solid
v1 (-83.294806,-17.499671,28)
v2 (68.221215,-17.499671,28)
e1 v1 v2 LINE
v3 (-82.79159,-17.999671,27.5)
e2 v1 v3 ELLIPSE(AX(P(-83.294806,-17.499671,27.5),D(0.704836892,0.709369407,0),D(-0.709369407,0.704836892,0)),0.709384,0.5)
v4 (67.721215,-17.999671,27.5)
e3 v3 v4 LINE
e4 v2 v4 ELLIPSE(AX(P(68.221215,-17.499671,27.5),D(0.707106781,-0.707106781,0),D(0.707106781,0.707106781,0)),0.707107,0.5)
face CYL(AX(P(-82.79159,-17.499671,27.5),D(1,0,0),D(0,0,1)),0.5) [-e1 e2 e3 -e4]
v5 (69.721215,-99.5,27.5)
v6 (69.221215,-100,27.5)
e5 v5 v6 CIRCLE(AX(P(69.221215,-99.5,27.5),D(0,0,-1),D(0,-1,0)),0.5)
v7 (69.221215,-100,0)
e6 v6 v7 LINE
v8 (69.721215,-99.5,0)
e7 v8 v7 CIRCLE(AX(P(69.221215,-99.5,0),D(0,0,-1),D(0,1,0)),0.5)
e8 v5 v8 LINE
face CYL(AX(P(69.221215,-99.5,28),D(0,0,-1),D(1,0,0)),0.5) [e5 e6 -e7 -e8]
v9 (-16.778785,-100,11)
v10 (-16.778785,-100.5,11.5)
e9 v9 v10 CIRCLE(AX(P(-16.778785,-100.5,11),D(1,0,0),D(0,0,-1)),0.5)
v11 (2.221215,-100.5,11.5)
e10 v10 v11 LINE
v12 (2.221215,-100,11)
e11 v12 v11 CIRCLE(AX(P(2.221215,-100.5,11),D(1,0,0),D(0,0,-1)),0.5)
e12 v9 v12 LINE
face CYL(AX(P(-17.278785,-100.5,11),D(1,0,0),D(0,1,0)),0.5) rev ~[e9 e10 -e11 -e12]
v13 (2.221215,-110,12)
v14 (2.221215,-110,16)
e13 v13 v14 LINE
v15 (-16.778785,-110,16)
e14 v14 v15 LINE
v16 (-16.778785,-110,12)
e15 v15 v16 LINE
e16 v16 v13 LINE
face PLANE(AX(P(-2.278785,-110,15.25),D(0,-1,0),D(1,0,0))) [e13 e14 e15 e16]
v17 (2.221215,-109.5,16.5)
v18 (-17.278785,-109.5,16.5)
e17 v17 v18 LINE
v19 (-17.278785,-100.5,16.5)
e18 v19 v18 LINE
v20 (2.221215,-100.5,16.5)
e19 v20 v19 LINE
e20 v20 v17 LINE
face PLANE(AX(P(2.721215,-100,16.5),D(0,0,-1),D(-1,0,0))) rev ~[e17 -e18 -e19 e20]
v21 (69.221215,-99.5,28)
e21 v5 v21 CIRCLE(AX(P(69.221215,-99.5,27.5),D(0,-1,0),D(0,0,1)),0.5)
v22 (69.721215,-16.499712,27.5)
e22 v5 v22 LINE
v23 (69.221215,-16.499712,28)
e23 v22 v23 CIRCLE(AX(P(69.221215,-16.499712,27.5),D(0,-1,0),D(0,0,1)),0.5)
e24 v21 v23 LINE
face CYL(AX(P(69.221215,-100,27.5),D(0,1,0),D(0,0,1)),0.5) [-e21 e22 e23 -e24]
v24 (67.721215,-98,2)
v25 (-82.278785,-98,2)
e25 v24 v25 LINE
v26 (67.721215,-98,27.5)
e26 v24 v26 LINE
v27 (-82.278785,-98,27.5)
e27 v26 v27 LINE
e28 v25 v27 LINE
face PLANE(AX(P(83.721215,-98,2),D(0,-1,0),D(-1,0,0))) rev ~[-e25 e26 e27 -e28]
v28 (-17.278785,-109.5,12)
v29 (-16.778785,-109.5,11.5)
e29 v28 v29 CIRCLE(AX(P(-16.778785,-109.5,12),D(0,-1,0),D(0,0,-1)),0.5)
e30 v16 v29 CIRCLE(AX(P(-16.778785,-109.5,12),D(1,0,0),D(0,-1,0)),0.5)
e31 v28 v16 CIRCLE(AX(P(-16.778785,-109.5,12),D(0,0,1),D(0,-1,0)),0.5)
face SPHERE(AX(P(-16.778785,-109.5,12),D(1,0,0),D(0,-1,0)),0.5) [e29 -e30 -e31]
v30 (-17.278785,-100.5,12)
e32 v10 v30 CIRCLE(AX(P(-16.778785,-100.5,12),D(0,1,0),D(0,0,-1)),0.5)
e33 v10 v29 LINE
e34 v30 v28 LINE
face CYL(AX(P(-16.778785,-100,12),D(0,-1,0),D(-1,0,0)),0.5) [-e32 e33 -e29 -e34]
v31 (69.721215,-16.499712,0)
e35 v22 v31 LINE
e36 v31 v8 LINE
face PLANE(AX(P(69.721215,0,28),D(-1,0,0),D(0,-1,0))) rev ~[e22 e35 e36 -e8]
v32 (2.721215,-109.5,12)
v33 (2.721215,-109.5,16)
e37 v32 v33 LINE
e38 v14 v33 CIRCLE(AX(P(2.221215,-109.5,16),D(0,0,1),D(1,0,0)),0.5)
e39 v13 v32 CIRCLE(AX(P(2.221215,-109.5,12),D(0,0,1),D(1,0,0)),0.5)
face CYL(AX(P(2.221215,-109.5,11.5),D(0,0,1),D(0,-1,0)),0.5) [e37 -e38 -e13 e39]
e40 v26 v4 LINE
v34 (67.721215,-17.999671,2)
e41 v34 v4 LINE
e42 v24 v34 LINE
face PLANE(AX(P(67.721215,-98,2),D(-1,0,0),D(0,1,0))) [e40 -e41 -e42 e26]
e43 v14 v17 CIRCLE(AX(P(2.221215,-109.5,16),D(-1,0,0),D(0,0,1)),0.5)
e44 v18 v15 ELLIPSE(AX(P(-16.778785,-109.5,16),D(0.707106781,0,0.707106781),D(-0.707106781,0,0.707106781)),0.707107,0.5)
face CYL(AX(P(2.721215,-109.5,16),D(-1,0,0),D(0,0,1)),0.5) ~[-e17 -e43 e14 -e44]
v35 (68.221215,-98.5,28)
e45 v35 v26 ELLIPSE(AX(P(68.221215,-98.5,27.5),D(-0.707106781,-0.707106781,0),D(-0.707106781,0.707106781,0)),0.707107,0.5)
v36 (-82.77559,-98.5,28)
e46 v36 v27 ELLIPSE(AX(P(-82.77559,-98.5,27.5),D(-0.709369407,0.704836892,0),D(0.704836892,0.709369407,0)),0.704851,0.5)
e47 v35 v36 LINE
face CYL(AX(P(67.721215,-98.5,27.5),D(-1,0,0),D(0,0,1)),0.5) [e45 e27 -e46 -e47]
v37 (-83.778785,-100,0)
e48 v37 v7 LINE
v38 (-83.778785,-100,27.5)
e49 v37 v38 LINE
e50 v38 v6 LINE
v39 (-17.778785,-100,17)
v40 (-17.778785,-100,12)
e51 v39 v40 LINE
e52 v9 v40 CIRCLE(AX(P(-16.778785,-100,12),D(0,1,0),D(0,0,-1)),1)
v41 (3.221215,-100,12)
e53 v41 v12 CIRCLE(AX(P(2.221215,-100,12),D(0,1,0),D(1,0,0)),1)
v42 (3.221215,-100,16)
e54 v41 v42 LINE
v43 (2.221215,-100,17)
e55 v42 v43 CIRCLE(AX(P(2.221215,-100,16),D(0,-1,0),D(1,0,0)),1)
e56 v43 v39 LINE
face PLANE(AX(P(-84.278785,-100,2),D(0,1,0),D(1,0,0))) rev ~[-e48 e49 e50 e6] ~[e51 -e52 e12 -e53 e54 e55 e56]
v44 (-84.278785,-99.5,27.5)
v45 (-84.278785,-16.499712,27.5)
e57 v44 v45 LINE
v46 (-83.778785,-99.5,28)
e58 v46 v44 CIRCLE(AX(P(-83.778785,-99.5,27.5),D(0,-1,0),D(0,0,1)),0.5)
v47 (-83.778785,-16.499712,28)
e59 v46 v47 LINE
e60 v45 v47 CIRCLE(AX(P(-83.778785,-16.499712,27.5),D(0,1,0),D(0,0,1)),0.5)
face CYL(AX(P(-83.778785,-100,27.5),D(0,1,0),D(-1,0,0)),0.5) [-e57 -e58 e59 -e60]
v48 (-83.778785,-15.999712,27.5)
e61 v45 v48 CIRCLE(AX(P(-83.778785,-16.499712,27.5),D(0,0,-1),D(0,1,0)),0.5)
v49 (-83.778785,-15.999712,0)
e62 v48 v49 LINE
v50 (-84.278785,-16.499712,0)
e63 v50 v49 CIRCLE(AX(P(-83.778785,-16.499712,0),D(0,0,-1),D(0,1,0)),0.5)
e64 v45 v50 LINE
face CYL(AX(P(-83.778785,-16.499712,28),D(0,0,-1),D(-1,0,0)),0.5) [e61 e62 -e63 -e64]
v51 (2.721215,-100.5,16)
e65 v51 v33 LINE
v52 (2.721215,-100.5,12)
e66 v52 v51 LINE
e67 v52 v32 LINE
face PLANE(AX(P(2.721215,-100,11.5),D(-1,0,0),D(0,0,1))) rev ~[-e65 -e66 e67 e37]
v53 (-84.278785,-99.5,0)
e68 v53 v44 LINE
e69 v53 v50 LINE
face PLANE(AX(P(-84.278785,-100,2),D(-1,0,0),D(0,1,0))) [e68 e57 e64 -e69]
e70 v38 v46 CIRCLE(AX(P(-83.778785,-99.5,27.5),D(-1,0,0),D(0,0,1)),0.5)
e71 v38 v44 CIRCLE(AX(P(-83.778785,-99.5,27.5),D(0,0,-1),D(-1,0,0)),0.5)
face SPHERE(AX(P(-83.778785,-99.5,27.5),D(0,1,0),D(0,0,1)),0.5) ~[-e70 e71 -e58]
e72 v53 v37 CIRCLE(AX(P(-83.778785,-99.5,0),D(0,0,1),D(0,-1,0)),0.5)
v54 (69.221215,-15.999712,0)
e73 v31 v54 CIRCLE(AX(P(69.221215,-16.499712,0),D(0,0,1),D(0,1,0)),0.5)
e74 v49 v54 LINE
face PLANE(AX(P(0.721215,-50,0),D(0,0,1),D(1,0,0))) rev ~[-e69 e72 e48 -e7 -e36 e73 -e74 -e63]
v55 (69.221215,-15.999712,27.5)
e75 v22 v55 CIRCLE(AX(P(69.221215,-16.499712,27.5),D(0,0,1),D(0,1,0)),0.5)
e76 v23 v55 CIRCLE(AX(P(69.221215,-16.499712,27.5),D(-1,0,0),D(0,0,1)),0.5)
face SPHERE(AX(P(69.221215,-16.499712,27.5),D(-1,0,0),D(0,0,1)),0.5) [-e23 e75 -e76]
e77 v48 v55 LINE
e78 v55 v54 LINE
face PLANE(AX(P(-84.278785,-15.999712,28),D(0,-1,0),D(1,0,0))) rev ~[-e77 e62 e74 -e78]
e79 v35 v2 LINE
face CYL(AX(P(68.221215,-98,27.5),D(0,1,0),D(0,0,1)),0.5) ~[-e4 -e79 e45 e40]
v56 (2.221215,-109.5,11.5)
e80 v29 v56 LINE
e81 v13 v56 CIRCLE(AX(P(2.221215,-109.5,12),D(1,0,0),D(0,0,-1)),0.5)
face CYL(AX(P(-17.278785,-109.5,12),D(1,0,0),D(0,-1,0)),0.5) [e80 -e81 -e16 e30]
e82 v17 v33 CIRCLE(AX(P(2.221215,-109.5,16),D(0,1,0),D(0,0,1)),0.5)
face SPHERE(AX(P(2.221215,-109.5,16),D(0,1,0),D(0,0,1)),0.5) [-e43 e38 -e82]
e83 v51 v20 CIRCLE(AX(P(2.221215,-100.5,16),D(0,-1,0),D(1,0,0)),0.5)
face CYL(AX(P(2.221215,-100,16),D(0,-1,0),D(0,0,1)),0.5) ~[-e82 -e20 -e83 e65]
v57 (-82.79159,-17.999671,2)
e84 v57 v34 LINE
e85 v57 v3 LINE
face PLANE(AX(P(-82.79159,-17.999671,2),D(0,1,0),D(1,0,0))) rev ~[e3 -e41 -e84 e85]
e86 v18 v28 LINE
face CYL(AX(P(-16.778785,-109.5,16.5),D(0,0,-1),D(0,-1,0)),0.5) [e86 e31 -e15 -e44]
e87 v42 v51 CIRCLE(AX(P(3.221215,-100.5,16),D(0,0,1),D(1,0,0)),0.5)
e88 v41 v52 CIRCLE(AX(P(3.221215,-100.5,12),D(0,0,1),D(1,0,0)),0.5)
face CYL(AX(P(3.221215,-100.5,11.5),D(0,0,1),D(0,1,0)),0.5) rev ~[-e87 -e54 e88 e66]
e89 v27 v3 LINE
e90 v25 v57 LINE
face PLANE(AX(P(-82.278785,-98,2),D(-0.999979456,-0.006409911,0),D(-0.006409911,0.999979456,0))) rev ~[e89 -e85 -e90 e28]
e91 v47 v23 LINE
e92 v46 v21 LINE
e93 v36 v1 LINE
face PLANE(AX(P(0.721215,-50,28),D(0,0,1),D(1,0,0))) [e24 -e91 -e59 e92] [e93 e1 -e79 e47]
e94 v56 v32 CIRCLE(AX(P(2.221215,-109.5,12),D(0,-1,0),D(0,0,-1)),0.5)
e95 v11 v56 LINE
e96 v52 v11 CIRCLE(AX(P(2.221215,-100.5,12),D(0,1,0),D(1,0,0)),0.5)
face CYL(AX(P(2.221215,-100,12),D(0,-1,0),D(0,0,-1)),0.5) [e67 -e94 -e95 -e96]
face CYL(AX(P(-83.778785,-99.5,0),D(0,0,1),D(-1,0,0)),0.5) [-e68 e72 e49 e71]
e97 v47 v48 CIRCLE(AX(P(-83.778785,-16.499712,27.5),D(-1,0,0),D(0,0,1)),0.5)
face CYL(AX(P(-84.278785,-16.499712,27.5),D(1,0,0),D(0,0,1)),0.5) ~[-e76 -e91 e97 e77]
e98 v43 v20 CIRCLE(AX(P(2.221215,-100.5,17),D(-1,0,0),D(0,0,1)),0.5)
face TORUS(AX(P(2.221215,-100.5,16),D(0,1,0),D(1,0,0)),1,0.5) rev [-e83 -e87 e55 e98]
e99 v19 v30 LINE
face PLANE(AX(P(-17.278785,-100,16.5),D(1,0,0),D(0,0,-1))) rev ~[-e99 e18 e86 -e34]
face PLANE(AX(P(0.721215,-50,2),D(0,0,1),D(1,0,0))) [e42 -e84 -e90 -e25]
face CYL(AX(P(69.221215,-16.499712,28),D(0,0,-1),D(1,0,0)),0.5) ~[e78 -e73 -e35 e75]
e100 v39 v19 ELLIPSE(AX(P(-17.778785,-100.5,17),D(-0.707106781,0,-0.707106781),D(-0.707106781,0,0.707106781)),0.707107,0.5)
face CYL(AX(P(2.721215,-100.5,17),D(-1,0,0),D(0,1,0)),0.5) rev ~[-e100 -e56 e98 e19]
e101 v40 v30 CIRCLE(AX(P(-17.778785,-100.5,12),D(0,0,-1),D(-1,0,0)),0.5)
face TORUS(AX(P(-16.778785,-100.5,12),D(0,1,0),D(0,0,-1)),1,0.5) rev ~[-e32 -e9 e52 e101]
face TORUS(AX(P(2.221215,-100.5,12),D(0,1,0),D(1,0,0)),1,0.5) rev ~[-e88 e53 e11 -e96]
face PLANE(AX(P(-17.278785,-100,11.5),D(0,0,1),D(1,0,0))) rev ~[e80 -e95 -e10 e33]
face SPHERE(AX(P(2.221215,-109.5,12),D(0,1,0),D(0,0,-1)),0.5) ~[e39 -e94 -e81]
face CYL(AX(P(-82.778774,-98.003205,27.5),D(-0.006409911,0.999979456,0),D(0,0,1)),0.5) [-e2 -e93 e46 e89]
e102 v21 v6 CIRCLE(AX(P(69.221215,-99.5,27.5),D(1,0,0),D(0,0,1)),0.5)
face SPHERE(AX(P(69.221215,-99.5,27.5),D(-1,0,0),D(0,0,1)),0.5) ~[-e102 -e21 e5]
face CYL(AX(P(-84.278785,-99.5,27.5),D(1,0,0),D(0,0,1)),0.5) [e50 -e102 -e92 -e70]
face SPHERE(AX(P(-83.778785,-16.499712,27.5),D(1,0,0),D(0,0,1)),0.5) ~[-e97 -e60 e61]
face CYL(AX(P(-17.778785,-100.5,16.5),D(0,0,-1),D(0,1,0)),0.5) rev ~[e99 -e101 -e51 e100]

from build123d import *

# Parameters (mm, degrees)
F0_W      = 170
F0_H      = 100
F1_DEPTH  = 2
F2_W      = 170
F2_H      = 100
F3_DEPTH  = 26
F4_W      = 2
F4_H      = 96
F5_DEPTH  = 26
F6_W      = 14
F6_H      = 96
F7_DEPTH  = 30
F8_W      = 10
F8_H      = 2.5
F9_DEPTH  = 10
F11_DEPTH = 26
F13_DEPTH = 30
F14_R     = 0.5


with BuildPart() as f1:
    # F0 (on Top) → F1 (new body)
    with BuildSketch(Plane.XY):
        with Locations((0.7212153077, -50)):
            Rectangle(F0_W, F0_H)
    extrude(amount=F1_DEPTH)

    # F2 (on face) → F3 (join)
    with BuildSketch(Plane.XY.offset(2)):
        with Locations((0.7212153077, -50)):
            Rectangle(F2_W, F2_H)
        Polygon((83.7212153077, -2), (83.7212153077, -98), (-82.2787846923, -98), (-82.8941488059, -2), align=None, mode=Mode.SUBTRACT)
    extrude(amount=F3_DEPTH)

    # F4 (on face) → F5 (join)
    with BuildSketch(Plane.XY.offset(2)):
        with Locations((68.7212153077, -50)):
            Rectangle(F4_W, F4_H)
    extrude(amount=F5_DEPTH)

    # F6 (on face) → F7 (cut)
    with BuildSketch(Plane.XY.offset(28)):
        with Locations((76.7212153077, -50)):
            Rectangle(F6_W, F6_H)
        Polygon((83.7212153077, -98), (69.7212153077, -98), (69.7212153077, -100), (85.7212153077, -100), (85.7212153077, 0), (69.7212153077, 0), (69.7212153077, -2), (83.7212153077, -2), align=None)
    extrude(amount=-F7_DEPTH, mode=Mode.SUBTRACT)

    # F8 (on face) → F9 (join)
    with BuildSketch(Plane.XZ.offset(100)):
        with Locations((-2.2787846923, 15.25)):
            Rectangle(F8_W, F8_H)
        with Locations((-12.2787846923, 15.25)):
            Rectangle(F8_W, F8_H)
        with Locations((-12.2787846923, 12.75)):
            Rectangle(F8_W, F8_H)
        with Locations((-2.2787846923, 12.75)):
            Rectangle(F8_W, F8_H)
    extrude(amount=F9_DEPTH)

    # F10 (on face) → F11 (join)
    with BuildSketch(Plane.XY.offset(2)):
        Polygon((67.7212153077, -15.9997123883), (-82.8044100496, -15.9997123883), (-82.7915902273, -17.9996713009), (67.7212153077, -17.9996713009), align=None)
    extrude(amount=F11_DEPTH)

    # F12 (on face) → F13 (cut)
    with BuildSketch(Plane.XY.offset(28)):
        Polygon((-84.2787846923, -15.9997123883), (-82.8044100496, -15.9997123883), (-82.8941488059, -2), (67.7212153077, -2), (67.7212153077, -15.9997123883), (69.7212153077, -15.9997123883), (69.7212153077, 0), (-84.2787846923, 0), align=None)
        Polygon((-82.8941488059, -2), (-82.8044100496, -15.9997123883), (67.7212153077, -15.9997123883), (67.7212153077, -2), align=None)
    extrude(amount=-F13_DEPTH, mode=Mode.SUBTRACT)

    # F14
    f14_edges = [f1.edges().sort_by_distance(p)[0] for p in [
        (-82.535187, -57.999836, 28),
        (-7.535187, -17.999671, 28),
        (-7.278785, -15.999712, 28),
        (-84.278785, -57.999856, 28),
        (-7.278785, -98, 28),
        (-7.278785, -100, 28),
        (67.721215, -57.999836, 28),
        (69.721215, -57.999856, 28),
        (69.721215, -15.999712, 14),
        (69.721215, -100, 14),
        (2.721215, -105, 16.5),
        (2.721215, -105, 11.5),
        (2.721215, -100, 14),
        (-7.278785, -100, 16.5),
        (-7.278785, -110, 16.5),
        (-7.278785, -110, 11.5),
        (-17.278785, -110, 14),
        (-84.278785, -100, 14),
        (-84.278785, -15.999712, 14),
        (-17.278785, -100, 14),
        (-17.278785, -105, 11.5),
        (2.721215, -110, 14),
        (-7.278785, -100, 11.5),
    ]]
    fillet(f14_edges, radius=F14_R)


solid = f1.part
